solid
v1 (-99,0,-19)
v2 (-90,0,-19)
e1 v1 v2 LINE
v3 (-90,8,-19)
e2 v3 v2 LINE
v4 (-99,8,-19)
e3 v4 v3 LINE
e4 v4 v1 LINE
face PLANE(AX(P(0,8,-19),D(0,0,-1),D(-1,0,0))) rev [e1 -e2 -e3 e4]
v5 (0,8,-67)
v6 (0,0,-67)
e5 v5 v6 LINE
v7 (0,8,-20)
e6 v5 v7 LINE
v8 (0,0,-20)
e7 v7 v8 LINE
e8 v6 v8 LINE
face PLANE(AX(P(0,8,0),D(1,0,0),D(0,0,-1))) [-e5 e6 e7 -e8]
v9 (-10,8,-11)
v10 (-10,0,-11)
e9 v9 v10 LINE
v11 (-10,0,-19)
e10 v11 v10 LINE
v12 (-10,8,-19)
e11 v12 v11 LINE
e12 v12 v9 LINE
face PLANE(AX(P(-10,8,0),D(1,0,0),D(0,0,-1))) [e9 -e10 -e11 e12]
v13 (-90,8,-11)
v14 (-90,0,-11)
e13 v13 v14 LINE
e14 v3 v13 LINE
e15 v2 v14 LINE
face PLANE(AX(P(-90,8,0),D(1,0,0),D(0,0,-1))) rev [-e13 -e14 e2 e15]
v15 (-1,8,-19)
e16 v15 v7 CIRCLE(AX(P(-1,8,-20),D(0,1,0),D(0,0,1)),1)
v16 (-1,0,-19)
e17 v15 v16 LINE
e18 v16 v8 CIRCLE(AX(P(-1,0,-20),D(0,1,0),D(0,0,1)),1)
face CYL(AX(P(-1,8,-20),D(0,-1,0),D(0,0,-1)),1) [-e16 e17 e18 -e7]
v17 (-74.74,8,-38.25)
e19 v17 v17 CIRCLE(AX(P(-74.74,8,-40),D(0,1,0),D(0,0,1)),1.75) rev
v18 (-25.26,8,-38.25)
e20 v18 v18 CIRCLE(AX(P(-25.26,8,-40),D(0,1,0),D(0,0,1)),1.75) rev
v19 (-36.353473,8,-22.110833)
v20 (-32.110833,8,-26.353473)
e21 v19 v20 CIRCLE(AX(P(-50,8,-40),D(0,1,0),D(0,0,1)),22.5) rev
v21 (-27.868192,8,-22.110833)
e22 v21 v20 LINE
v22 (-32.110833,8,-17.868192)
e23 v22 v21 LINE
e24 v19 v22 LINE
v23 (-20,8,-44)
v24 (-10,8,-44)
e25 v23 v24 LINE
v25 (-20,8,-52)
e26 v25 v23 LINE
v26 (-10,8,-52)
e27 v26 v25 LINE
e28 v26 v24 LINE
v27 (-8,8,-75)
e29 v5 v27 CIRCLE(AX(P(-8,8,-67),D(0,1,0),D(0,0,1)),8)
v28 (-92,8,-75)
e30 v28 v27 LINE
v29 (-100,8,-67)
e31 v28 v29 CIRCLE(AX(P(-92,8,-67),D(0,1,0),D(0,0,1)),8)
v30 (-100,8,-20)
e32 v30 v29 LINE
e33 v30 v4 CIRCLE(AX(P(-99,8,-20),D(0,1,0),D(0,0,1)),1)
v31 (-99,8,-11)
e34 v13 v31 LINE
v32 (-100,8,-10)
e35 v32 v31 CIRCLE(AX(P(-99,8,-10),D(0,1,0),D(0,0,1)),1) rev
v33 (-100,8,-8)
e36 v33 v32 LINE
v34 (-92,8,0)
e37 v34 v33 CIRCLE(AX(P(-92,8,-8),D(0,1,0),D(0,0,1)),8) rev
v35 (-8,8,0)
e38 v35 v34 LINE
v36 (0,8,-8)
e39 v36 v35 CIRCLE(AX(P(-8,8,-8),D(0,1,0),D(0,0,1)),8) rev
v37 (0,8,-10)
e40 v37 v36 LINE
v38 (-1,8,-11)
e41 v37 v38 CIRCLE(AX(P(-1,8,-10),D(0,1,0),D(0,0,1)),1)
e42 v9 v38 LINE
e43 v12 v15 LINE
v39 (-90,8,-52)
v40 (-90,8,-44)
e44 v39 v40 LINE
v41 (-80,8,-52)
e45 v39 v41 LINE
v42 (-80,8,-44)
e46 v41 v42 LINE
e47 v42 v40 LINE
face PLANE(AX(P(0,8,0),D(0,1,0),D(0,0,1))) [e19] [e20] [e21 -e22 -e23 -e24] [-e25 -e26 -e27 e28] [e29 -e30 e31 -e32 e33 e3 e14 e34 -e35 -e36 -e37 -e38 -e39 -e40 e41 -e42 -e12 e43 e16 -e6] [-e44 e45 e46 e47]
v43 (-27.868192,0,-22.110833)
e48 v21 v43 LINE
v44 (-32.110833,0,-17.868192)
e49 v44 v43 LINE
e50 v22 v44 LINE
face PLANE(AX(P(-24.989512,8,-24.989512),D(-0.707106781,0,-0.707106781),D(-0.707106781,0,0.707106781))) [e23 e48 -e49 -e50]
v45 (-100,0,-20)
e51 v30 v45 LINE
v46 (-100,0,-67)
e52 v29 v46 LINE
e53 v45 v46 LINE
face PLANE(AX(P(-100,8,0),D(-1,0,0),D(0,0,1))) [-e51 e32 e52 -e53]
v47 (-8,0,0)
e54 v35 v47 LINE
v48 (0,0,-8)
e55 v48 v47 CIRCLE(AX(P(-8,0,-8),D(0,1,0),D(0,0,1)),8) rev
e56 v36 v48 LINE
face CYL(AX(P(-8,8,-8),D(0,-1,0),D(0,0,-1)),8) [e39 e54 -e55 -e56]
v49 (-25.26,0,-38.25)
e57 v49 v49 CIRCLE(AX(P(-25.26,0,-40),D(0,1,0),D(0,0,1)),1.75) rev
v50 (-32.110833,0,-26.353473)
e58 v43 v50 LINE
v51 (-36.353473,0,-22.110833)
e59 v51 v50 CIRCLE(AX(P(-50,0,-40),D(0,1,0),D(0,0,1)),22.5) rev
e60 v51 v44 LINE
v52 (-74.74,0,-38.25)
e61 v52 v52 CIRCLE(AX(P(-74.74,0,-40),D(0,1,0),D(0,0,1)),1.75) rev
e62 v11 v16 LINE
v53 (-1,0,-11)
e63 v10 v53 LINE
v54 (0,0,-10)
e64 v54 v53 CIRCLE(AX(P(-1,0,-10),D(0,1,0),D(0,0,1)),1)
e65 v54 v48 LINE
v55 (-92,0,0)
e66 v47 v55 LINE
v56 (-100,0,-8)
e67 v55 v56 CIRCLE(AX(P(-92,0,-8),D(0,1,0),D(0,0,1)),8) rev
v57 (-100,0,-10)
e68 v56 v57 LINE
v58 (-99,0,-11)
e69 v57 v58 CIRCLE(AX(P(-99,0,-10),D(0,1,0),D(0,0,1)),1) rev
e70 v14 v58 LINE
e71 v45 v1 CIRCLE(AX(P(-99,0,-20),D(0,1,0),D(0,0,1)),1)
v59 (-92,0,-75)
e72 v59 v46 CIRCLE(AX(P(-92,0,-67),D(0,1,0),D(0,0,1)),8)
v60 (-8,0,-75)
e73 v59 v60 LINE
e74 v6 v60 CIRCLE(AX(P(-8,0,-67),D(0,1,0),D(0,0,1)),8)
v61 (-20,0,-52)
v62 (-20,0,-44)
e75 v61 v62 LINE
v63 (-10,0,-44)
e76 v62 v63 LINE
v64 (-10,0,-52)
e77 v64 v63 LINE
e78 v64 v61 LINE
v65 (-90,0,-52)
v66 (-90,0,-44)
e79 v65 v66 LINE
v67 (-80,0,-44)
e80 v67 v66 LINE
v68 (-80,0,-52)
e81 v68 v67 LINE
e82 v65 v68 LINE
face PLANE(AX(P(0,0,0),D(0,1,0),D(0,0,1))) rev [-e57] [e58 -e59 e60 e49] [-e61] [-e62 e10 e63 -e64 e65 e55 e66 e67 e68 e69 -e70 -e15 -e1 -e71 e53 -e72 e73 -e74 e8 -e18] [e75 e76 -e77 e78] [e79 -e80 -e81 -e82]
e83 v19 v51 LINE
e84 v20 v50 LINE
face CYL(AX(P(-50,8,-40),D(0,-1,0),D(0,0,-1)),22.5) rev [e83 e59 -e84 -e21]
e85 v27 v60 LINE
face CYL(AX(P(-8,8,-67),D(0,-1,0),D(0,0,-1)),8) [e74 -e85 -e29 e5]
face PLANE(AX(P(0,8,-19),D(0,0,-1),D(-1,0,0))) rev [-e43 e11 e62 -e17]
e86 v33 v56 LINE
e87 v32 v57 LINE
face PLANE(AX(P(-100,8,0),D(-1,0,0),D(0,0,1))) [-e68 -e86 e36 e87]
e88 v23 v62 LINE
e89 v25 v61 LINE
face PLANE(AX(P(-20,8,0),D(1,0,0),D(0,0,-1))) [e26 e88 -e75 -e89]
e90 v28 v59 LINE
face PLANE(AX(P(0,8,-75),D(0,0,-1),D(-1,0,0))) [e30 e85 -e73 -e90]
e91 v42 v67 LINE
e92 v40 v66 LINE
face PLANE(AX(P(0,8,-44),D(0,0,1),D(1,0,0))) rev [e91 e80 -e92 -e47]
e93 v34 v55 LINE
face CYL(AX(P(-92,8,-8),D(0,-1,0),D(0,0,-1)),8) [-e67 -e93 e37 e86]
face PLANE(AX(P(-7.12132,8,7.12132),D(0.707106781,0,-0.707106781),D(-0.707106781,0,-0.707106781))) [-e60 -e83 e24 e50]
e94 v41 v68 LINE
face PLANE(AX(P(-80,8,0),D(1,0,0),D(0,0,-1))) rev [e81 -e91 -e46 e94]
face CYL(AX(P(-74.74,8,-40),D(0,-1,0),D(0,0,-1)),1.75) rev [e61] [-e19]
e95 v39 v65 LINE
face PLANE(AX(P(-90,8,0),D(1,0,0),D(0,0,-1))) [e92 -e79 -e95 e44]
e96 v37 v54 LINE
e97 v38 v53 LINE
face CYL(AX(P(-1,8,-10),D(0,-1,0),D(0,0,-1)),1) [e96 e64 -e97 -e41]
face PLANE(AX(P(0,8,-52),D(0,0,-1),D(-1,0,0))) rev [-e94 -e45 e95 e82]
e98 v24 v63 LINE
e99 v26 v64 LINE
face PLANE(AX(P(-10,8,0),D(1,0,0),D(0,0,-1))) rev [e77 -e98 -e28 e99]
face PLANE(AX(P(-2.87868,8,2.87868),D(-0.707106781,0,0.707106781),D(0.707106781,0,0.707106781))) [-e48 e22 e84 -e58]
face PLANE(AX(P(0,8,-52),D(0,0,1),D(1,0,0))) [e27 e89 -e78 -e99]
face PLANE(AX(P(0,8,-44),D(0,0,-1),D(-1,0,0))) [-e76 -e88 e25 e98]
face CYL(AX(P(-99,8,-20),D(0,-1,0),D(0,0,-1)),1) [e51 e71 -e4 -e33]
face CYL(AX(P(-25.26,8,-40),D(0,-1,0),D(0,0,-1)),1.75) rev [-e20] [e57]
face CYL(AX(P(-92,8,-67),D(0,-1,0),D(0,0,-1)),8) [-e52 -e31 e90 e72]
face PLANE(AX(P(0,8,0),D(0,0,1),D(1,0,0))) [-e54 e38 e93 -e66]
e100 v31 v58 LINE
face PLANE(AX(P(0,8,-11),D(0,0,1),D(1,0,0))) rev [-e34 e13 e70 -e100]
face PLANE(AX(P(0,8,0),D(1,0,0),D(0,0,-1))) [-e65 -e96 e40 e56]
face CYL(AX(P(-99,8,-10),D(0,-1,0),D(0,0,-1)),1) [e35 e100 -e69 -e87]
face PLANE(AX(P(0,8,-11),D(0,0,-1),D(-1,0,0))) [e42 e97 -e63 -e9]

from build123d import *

# Parameters (mm, degrees)
SKETCH1_W           = 10
SKETCH1_H           = 8
SKETCH1_R           = 1.75
BOSS_EXTRUDE2_DEPTH = 8


with BuildPart() as part:
    # Sketch1 → Boss-Extrude2 (new body)
    with BuildSketch(Plane(origin=(0, 0, 0), x_dir=(1, 0, 0), z_dir=(0, 1, 0))):
        with BuildLine():
            Line((-92, 0), (-8, 0))
            ThreePointArc((-8, 0), (-2.343145751, 2.343145751), (0, 8))
            Line((0, 8), (0, 10))
            ThreePointArc((0, 10), (-0.292893219, 10.707106781), (-1, 11))
            Line((-1, 11), (-10, 11))
            Line((-10, 11), (-10, 19))
            Line((-10, 19), (-1, 19))
            ThreePointArc((-1, 19), (-0.292893219, 19.292893219), (0, 20))
            Line((0, 20), (0, 67))
            ThreePointArc((0, 67), (-2.343145751, 72.656854249), (-8, 75))
            Line((-8, 75), (-92, 75))
            ThreePointArc((-92, 75), (-97.656854249, 72.656854249), (-100, 67))
            Line((-100, 67), (-100, 20))
            ThreePointArc((-100, 20), (-99.707106781, 19.292893219), (-99, 19))
            Line((-99, 19), (-90, 19))
            Line((-90, 19), (-90, 11))
            Line((-90, 11), (-99, 11))
            ThreePointArc((-99, 11), (-99.707106781, 10.707106781), (-100, 10))
            Line((-100, 10), (-100, 8))
            ThreePointArc((-100, 8), (-97.656854249, 2.343145751), (-92, 0))
        make_face()
        with Locations((-85, 48)):
            Rectangle(SKETCH1_W, SKETCH1_H, mode=Mode.SUBTRACT)
        with Locations((-15, 48)):
            Rectangle(SKETCH1_W, SKETCH1_H, mode=Mode.SUBTRACT)
        with Locations((-74.74, 40)):
            Circle(SKETCH1_R, mode=Mode.SUBTRACT)
        with BuildLine():
            Line((-32.110832625, 17.868191938), (-36.353473312, 22.110832625))
            ThreePointArc((-36.353473312, 22.110832625), (-65.909902577, 55.909902577), (-32.110832625, 26.353473312))
            Line((-32.110832625, 26.353473312), (-27.868191938, 22.110832625))
            Line((-27.868191938, 22.110832625), (-32.110832625, 17.868191938))
        make_face(mode=Mode.SUBTRACT)
        with Locations((-25.26, 40)):
            Circle(SKETCH1_R, mode=Mode.SUBTRACT)
    extrude(amount=BOSS_EXTRUDE2_DEPTH)


solid = part.part
